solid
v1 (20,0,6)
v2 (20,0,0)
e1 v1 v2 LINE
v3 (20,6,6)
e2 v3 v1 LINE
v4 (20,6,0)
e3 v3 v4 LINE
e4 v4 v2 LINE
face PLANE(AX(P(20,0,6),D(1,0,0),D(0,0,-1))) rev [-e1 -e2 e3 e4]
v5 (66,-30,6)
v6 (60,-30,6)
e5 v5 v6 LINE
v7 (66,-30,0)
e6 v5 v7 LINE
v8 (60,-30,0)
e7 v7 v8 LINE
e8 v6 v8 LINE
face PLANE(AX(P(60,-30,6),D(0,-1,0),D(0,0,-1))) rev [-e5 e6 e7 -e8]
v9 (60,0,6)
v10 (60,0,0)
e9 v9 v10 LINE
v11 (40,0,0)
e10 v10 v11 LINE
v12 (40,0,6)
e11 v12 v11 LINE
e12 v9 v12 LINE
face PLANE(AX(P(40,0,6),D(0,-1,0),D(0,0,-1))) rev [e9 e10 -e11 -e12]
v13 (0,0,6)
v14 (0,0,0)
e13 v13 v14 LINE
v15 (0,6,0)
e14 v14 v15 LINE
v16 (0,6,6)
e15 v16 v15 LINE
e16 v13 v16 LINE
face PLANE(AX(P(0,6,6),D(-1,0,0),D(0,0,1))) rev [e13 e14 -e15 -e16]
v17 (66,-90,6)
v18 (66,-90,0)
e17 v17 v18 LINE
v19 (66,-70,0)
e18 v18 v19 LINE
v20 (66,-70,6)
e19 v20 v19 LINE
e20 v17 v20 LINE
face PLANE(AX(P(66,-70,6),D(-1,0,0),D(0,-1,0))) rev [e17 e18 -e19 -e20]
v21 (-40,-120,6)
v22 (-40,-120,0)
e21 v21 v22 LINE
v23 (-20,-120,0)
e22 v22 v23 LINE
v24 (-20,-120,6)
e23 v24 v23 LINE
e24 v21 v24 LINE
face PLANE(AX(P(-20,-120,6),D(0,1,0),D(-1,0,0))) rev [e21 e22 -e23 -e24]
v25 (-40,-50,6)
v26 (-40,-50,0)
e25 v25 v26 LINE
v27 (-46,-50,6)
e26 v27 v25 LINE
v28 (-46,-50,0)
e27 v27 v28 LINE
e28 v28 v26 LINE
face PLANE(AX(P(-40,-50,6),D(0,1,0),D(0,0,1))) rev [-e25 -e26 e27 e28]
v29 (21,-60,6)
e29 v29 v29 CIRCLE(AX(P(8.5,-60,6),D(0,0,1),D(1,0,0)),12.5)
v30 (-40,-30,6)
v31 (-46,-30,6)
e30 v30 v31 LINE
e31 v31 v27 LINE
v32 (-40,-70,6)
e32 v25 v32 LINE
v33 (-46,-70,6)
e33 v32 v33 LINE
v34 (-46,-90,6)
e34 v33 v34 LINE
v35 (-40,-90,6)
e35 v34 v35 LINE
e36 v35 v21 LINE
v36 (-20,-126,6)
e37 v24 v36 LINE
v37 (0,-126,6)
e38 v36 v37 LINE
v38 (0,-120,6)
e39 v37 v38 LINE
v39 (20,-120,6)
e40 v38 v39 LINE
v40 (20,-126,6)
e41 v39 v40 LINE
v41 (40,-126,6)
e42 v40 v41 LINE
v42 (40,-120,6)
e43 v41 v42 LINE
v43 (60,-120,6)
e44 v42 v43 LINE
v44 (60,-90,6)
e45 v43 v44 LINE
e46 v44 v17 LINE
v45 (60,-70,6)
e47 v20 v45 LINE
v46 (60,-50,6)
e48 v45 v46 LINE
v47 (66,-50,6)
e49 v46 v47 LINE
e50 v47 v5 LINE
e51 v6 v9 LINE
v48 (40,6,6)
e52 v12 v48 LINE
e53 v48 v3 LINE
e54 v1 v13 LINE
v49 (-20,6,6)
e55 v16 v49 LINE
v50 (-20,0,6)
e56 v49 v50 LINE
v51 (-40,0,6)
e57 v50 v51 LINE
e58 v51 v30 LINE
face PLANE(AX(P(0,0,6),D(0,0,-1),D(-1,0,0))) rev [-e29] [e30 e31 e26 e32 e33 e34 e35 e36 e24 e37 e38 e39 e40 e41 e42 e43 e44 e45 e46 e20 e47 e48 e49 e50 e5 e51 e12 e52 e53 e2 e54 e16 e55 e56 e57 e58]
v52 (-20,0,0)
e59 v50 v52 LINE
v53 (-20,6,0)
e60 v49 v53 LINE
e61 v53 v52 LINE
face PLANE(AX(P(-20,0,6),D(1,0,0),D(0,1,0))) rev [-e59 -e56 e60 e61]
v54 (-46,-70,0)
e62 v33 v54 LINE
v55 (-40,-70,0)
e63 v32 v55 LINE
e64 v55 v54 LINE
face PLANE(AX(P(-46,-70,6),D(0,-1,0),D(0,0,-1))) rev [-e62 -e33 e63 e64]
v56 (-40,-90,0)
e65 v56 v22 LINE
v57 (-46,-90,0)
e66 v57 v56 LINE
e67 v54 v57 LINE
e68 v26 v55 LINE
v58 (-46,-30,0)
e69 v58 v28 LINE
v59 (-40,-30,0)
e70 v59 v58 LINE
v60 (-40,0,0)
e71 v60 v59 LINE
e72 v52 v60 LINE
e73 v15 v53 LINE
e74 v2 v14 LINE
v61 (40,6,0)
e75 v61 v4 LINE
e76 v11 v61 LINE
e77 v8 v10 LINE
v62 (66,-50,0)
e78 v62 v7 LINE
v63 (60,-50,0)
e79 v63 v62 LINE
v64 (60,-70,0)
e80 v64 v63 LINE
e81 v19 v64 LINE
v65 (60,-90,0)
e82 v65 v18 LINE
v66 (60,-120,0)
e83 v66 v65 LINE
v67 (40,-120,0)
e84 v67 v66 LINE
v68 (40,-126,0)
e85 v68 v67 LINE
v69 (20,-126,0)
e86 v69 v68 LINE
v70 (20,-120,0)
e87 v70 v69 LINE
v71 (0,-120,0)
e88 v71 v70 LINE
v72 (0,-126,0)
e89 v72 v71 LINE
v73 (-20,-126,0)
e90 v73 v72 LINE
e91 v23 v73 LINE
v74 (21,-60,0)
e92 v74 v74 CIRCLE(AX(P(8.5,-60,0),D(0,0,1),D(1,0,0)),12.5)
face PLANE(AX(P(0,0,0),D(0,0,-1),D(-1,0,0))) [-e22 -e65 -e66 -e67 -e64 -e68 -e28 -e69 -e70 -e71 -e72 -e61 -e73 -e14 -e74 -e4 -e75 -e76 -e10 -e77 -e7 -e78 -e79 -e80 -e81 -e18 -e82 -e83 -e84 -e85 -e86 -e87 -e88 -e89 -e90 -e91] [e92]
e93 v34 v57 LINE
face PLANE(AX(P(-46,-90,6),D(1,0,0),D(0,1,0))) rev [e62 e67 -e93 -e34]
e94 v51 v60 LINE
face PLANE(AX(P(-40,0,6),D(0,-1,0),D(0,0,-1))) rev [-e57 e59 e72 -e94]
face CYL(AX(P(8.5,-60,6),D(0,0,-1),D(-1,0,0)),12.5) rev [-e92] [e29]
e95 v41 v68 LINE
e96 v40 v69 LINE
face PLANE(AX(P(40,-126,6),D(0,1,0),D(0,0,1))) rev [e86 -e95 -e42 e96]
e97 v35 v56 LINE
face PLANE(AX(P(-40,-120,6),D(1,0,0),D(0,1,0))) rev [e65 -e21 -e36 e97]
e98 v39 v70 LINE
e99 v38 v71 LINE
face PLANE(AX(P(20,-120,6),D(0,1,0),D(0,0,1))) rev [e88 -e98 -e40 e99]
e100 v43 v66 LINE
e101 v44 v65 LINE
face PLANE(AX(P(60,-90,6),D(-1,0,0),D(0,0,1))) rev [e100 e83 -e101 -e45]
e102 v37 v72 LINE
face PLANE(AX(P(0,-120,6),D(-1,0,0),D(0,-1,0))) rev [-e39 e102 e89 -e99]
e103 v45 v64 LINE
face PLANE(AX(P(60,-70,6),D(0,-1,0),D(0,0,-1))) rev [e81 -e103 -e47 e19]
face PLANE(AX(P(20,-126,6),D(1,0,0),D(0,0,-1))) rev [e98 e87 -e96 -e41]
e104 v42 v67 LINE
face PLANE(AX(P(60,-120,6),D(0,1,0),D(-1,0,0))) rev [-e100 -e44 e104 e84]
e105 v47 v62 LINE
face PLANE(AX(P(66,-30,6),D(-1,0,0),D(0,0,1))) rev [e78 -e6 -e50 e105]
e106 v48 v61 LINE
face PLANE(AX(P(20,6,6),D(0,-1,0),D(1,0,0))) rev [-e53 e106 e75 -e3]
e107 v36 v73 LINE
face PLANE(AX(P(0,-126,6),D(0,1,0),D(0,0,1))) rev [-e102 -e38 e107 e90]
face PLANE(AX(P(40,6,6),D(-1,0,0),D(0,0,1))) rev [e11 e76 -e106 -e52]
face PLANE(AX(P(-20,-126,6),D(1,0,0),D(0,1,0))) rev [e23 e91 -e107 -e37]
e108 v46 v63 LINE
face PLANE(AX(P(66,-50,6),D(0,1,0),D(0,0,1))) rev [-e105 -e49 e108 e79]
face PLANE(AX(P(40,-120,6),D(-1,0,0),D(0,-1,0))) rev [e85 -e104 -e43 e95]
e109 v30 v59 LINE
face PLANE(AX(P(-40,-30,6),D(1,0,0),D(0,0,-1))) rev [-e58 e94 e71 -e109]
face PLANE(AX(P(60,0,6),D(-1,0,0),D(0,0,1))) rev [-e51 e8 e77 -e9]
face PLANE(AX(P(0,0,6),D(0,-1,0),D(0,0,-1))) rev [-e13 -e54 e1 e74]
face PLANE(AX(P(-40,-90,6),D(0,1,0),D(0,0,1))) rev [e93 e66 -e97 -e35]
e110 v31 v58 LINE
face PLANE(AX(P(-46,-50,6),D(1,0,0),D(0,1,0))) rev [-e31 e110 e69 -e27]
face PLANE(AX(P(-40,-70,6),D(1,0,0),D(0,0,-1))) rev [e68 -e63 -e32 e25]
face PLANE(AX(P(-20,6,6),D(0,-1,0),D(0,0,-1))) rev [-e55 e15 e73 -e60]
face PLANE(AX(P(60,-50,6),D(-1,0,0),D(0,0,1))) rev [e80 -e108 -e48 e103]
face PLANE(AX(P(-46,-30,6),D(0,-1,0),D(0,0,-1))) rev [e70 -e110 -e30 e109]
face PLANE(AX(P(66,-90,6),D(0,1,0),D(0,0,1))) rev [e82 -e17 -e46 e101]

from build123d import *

# Parameters (mm, degrees)
ESBO_O2_R                = 12.5
RESSALTO_EXTRUS_O8_DEPTH = 6


with BuildPart() as part:
    # Esboço2 → Ressalto-extrusão8 (new body)
    with BuildSketch(Plane.XY):
        Polygon((-40, 0), (-20, 0), (-20, 6), (0, 6), (0, 0), (20, 0), (20, 6), (40, 6), (40, 0), (60, 0), (60, -30), (66, -30), (66, -50), (60, -50), (60, -70), (66, -70), (66, -90), (60, -90), (60, -120), (40, -120), (40, -126), (20, -126), (20, -120), (0, -120), (0, -126), (-20, -126), (-20, -120), (-40, -120), (-40, -90), (-46, -90), (-46, -70), (-40, -70), (-40, -50), (-46, -50), (-46, -30), (-40, -30), align=None)
        with Locations((8.5, -60)):
            Circle(ESBO_O2_R, mode=Mode.SUBTRACT)
    extrude(amount=RESSALTO_EXTRUS_O8_DEPTH)


solid = part.part
